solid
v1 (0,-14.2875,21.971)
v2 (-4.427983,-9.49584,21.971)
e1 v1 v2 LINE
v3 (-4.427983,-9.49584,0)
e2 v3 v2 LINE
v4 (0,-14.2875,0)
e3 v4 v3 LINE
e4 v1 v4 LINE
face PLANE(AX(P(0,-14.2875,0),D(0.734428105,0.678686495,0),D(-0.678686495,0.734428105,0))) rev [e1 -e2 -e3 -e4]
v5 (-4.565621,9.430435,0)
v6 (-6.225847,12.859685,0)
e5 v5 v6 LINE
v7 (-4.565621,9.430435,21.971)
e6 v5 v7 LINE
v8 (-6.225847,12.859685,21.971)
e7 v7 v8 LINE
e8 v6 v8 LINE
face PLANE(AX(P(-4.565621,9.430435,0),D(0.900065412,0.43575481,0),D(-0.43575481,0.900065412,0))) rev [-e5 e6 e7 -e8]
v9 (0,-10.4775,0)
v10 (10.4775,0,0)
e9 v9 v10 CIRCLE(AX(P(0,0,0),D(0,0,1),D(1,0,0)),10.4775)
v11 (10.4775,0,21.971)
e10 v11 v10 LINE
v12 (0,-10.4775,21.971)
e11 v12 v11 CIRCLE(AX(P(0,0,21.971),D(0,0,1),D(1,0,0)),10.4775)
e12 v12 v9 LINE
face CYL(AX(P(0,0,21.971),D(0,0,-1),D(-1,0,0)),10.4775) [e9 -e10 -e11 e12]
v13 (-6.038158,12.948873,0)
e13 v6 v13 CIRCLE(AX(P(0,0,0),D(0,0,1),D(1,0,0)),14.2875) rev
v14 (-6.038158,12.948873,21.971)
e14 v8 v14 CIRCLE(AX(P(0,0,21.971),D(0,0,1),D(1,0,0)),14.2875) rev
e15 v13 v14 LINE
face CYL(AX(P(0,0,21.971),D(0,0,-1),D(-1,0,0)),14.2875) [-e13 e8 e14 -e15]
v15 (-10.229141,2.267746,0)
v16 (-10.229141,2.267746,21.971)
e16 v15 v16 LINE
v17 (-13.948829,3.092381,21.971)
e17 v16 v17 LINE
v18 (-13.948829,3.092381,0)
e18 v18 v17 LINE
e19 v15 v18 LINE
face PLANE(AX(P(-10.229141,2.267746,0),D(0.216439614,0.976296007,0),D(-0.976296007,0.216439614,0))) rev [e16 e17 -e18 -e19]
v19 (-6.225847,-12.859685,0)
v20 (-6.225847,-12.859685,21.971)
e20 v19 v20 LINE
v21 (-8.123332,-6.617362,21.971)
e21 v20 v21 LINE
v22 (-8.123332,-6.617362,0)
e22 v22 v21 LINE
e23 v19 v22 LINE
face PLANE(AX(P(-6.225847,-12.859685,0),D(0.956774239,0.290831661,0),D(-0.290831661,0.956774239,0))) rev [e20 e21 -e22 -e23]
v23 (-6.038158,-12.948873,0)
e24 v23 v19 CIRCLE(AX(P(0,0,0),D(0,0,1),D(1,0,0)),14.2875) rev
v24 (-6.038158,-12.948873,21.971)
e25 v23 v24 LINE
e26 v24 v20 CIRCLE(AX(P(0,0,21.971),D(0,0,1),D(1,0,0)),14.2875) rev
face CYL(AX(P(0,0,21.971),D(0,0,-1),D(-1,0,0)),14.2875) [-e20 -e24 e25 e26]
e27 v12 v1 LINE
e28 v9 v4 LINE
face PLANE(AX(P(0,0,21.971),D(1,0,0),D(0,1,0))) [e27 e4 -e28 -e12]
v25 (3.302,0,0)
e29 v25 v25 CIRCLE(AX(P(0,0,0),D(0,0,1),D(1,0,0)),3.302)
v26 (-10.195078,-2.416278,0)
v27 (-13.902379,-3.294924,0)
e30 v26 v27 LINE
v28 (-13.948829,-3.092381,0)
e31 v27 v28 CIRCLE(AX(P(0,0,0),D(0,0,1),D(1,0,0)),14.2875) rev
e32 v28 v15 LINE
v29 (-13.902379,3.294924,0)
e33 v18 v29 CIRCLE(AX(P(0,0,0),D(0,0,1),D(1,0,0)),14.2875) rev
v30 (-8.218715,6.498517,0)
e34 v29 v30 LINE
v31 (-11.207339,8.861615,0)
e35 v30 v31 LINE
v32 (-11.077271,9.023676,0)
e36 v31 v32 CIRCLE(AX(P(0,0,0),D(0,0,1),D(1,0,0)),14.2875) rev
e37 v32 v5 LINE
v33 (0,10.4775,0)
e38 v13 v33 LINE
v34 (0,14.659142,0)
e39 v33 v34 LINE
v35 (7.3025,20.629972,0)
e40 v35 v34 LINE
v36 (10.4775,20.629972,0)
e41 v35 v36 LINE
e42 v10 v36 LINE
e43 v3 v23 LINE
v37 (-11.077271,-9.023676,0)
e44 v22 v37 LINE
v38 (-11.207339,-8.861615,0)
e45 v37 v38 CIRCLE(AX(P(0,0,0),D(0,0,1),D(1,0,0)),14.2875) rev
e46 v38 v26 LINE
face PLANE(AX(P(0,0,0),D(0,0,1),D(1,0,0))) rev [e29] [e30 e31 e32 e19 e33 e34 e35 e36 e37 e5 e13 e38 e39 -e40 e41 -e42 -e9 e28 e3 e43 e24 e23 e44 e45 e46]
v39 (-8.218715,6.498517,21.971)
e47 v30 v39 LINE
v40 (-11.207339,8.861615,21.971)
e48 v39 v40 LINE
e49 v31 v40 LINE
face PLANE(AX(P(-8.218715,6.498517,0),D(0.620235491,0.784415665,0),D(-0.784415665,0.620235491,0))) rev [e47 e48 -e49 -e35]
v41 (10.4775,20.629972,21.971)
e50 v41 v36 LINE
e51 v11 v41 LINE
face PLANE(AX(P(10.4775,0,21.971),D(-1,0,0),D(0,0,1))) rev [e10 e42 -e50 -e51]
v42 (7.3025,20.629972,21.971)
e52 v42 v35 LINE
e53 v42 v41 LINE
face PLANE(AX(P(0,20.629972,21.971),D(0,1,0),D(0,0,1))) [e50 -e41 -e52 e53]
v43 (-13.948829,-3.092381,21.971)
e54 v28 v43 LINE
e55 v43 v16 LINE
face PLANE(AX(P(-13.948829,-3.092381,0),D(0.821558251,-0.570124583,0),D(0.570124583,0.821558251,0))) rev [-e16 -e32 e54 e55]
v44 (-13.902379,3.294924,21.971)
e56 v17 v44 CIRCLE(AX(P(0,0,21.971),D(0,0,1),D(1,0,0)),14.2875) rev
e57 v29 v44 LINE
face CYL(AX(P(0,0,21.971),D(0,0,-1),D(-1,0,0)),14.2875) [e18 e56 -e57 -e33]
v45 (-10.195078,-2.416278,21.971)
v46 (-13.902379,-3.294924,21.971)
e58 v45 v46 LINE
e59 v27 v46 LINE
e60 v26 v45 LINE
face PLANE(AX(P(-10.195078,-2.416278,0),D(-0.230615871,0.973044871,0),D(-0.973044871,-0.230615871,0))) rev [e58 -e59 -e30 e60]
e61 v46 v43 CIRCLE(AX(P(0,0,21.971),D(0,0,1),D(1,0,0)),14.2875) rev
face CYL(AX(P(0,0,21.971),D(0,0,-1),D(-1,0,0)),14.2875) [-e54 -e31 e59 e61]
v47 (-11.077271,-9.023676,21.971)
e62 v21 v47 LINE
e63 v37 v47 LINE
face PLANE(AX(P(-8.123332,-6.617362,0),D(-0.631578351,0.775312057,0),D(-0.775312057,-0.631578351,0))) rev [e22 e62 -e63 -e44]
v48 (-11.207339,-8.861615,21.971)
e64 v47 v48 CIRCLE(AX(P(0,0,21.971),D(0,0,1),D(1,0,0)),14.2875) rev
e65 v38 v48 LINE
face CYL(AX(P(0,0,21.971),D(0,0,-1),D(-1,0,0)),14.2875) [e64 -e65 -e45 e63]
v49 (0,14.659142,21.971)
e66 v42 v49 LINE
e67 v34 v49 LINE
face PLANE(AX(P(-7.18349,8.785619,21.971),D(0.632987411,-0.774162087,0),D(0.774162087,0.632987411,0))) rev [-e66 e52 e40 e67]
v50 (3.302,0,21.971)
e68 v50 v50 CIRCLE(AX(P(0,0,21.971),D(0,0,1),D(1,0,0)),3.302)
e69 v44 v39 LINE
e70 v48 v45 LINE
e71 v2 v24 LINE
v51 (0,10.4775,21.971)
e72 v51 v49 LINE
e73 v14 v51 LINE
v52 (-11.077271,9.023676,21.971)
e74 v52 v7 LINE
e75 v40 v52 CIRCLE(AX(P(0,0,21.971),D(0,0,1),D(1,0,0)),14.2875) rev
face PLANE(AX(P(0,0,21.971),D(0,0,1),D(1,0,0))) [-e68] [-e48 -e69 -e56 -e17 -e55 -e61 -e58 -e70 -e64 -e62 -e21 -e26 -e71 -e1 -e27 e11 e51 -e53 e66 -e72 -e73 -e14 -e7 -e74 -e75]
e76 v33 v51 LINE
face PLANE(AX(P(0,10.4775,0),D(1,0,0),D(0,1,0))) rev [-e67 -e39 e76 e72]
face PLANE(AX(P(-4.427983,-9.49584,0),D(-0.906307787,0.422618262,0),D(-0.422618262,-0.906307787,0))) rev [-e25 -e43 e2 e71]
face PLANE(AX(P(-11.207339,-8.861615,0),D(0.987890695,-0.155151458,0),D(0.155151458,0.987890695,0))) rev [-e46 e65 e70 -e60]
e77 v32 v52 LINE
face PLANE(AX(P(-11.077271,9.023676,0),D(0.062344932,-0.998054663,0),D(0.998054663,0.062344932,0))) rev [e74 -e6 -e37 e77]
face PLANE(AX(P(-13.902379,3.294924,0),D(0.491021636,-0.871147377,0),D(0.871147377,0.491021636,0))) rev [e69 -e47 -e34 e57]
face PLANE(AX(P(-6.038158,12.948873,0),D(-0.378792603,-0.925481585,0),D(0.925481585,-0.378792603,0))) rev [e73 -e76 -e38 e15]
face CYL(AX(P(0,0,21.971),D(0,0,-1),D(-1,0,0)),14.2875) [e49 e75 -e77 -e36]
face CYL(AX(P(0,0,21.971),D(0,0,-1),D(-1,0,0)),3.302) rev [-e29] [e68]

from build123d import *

# Parameters (mm, degrees)
SKETCH1_R           = 3.302
BOSS_EXTRUDE1_DEPTH = 21.971
CUT_EXTRUDE1_DEPTH  = 22.971
CUT_EXTRUDE2_DEPTH  = 22.971


with BuildPart() as part:
    # Sketch1 → Boss-Extrude1 (new body)
    with BuildSketch(Plane.XY):
        with BuildLine():
            ThreePointArc((0, -10.4775), (7.4087113, -7.4087113), (10.4775, 0))
            Line((10.4775, 0), (10.4775, 20.629972189))
            Line((10.4775, 20.629972189), (7.3025, 20.629972189))
            Line((7.3025, 20.629972189), (-0.463735424, 14.279972189))
            ThreePointArc((-0.463735424, 14.279972189), (-14.285617923, -0.23189826), (0, -14.2875))
            Line((0, -14.2875), (0, -10.4775))
        make_face()
        Circle(SKETCH1_R, mode=Mode.SUBTRACT)
    extrude(amount=BOSS_EXTRUDE1_DEPTH)

    # Sketch3 → Cut-Extrude1 (cut, through all)
    with BuildSketch(Plane.XY.offset(21.971)):
        with BuildLine():
            Line((0, -14.2875), (-4.427982837, -9.495839839))
            Line((-4.427982837, -9.495839839), (-6.038158415, -12.948872507))
            ThreePointArc((-6.038158415, -12.948872507), (-3.092380984, -13.948829202), (0, -14.2875))
        make_face()
        with BuildLine():
            Line((-8.12333208, -6.617362176), (-11.077271018, -9.023675694))
            ThreePointArc((-11.077271018, -9.023675694), (-8.861614581, -11.207338813), (-6.225846847, -12.859684572))
            Line((-6.225846847, -12.859684572), (-8.12333208, -6.617362176))
        make_face()
        with BuildLine():
            Line((-10.195077632, -2.416277786), (-13.902378588, -3.294924253))
            ThreePointArc((-13.902378588, -3.294924253), (-12.859684572, -6.225846847), (-11.207338813, -8.861614581))
            Line((-11.207338813, -8.861614581), (-10.195077632, -2.416277786))
        make_face()
        with BuildLine():
            Line((-10.229141415, 2.267746055), (-13.948829202, 3.092380984))
            ThreePointArc((-13.948829202, 3.092380984), (-14.2875, 0), (-13.948829202, -3.092380984))
            Line((-13.948829202, -3.092380984), (-10.229141415, 2.267746055))
        make_face()
        with BuildLine():
            Line((-8.218715129, 6.49851736), (-11.207338813, 8.861614581))
            ThreePointArc((-11.207338813, 8.861614581), (-12.859684572, 6.225846847), (-13.902378588, 3.294924253))
            Line((-13.902378588, 3.294924253), (-8.218715129, 6.49851736))
        make_face()
        with BuildLine():
            Line((-4.565621021, 9.430435353), (-6.225846847, 12.859684572))
            ThreePointArc((-6.225846847, 12.859684572), (-8.861614581, 11.207338813), (-11.077271018, 9.023675694))
            Line((-11.077271018, 9.023675694), (-4.565621021, 9.430435353))
        make_face()
        with BuildLine():
            Line((0, 10.4775), (0, 14.2875))
            ThreePointArc((0, 14.2875), (-3.092380984, 13.948829202), (-6.038158415, 12.948872507))
            Line((-6.038158415, 12.948872507), (0, 10.4775))
        make_face()
    extrude(amount=-CUT_EXTRUDE1_DEPTH, mode=Mode.SUBTRACT)

    # Sketch4 → Cut-Extrude2 (cut, through all)
    with BuildSketch(Plane.XY.offset(21.971)):
        Polygon((-0.463735424, 14.279972189), (0, 14.2875), (0, 14.659141732), align=None)
    extrude(amount=-CUT_EXTRUDE2_DEPTH, mode=Mode.SUBTRACT)


solid = part.part
